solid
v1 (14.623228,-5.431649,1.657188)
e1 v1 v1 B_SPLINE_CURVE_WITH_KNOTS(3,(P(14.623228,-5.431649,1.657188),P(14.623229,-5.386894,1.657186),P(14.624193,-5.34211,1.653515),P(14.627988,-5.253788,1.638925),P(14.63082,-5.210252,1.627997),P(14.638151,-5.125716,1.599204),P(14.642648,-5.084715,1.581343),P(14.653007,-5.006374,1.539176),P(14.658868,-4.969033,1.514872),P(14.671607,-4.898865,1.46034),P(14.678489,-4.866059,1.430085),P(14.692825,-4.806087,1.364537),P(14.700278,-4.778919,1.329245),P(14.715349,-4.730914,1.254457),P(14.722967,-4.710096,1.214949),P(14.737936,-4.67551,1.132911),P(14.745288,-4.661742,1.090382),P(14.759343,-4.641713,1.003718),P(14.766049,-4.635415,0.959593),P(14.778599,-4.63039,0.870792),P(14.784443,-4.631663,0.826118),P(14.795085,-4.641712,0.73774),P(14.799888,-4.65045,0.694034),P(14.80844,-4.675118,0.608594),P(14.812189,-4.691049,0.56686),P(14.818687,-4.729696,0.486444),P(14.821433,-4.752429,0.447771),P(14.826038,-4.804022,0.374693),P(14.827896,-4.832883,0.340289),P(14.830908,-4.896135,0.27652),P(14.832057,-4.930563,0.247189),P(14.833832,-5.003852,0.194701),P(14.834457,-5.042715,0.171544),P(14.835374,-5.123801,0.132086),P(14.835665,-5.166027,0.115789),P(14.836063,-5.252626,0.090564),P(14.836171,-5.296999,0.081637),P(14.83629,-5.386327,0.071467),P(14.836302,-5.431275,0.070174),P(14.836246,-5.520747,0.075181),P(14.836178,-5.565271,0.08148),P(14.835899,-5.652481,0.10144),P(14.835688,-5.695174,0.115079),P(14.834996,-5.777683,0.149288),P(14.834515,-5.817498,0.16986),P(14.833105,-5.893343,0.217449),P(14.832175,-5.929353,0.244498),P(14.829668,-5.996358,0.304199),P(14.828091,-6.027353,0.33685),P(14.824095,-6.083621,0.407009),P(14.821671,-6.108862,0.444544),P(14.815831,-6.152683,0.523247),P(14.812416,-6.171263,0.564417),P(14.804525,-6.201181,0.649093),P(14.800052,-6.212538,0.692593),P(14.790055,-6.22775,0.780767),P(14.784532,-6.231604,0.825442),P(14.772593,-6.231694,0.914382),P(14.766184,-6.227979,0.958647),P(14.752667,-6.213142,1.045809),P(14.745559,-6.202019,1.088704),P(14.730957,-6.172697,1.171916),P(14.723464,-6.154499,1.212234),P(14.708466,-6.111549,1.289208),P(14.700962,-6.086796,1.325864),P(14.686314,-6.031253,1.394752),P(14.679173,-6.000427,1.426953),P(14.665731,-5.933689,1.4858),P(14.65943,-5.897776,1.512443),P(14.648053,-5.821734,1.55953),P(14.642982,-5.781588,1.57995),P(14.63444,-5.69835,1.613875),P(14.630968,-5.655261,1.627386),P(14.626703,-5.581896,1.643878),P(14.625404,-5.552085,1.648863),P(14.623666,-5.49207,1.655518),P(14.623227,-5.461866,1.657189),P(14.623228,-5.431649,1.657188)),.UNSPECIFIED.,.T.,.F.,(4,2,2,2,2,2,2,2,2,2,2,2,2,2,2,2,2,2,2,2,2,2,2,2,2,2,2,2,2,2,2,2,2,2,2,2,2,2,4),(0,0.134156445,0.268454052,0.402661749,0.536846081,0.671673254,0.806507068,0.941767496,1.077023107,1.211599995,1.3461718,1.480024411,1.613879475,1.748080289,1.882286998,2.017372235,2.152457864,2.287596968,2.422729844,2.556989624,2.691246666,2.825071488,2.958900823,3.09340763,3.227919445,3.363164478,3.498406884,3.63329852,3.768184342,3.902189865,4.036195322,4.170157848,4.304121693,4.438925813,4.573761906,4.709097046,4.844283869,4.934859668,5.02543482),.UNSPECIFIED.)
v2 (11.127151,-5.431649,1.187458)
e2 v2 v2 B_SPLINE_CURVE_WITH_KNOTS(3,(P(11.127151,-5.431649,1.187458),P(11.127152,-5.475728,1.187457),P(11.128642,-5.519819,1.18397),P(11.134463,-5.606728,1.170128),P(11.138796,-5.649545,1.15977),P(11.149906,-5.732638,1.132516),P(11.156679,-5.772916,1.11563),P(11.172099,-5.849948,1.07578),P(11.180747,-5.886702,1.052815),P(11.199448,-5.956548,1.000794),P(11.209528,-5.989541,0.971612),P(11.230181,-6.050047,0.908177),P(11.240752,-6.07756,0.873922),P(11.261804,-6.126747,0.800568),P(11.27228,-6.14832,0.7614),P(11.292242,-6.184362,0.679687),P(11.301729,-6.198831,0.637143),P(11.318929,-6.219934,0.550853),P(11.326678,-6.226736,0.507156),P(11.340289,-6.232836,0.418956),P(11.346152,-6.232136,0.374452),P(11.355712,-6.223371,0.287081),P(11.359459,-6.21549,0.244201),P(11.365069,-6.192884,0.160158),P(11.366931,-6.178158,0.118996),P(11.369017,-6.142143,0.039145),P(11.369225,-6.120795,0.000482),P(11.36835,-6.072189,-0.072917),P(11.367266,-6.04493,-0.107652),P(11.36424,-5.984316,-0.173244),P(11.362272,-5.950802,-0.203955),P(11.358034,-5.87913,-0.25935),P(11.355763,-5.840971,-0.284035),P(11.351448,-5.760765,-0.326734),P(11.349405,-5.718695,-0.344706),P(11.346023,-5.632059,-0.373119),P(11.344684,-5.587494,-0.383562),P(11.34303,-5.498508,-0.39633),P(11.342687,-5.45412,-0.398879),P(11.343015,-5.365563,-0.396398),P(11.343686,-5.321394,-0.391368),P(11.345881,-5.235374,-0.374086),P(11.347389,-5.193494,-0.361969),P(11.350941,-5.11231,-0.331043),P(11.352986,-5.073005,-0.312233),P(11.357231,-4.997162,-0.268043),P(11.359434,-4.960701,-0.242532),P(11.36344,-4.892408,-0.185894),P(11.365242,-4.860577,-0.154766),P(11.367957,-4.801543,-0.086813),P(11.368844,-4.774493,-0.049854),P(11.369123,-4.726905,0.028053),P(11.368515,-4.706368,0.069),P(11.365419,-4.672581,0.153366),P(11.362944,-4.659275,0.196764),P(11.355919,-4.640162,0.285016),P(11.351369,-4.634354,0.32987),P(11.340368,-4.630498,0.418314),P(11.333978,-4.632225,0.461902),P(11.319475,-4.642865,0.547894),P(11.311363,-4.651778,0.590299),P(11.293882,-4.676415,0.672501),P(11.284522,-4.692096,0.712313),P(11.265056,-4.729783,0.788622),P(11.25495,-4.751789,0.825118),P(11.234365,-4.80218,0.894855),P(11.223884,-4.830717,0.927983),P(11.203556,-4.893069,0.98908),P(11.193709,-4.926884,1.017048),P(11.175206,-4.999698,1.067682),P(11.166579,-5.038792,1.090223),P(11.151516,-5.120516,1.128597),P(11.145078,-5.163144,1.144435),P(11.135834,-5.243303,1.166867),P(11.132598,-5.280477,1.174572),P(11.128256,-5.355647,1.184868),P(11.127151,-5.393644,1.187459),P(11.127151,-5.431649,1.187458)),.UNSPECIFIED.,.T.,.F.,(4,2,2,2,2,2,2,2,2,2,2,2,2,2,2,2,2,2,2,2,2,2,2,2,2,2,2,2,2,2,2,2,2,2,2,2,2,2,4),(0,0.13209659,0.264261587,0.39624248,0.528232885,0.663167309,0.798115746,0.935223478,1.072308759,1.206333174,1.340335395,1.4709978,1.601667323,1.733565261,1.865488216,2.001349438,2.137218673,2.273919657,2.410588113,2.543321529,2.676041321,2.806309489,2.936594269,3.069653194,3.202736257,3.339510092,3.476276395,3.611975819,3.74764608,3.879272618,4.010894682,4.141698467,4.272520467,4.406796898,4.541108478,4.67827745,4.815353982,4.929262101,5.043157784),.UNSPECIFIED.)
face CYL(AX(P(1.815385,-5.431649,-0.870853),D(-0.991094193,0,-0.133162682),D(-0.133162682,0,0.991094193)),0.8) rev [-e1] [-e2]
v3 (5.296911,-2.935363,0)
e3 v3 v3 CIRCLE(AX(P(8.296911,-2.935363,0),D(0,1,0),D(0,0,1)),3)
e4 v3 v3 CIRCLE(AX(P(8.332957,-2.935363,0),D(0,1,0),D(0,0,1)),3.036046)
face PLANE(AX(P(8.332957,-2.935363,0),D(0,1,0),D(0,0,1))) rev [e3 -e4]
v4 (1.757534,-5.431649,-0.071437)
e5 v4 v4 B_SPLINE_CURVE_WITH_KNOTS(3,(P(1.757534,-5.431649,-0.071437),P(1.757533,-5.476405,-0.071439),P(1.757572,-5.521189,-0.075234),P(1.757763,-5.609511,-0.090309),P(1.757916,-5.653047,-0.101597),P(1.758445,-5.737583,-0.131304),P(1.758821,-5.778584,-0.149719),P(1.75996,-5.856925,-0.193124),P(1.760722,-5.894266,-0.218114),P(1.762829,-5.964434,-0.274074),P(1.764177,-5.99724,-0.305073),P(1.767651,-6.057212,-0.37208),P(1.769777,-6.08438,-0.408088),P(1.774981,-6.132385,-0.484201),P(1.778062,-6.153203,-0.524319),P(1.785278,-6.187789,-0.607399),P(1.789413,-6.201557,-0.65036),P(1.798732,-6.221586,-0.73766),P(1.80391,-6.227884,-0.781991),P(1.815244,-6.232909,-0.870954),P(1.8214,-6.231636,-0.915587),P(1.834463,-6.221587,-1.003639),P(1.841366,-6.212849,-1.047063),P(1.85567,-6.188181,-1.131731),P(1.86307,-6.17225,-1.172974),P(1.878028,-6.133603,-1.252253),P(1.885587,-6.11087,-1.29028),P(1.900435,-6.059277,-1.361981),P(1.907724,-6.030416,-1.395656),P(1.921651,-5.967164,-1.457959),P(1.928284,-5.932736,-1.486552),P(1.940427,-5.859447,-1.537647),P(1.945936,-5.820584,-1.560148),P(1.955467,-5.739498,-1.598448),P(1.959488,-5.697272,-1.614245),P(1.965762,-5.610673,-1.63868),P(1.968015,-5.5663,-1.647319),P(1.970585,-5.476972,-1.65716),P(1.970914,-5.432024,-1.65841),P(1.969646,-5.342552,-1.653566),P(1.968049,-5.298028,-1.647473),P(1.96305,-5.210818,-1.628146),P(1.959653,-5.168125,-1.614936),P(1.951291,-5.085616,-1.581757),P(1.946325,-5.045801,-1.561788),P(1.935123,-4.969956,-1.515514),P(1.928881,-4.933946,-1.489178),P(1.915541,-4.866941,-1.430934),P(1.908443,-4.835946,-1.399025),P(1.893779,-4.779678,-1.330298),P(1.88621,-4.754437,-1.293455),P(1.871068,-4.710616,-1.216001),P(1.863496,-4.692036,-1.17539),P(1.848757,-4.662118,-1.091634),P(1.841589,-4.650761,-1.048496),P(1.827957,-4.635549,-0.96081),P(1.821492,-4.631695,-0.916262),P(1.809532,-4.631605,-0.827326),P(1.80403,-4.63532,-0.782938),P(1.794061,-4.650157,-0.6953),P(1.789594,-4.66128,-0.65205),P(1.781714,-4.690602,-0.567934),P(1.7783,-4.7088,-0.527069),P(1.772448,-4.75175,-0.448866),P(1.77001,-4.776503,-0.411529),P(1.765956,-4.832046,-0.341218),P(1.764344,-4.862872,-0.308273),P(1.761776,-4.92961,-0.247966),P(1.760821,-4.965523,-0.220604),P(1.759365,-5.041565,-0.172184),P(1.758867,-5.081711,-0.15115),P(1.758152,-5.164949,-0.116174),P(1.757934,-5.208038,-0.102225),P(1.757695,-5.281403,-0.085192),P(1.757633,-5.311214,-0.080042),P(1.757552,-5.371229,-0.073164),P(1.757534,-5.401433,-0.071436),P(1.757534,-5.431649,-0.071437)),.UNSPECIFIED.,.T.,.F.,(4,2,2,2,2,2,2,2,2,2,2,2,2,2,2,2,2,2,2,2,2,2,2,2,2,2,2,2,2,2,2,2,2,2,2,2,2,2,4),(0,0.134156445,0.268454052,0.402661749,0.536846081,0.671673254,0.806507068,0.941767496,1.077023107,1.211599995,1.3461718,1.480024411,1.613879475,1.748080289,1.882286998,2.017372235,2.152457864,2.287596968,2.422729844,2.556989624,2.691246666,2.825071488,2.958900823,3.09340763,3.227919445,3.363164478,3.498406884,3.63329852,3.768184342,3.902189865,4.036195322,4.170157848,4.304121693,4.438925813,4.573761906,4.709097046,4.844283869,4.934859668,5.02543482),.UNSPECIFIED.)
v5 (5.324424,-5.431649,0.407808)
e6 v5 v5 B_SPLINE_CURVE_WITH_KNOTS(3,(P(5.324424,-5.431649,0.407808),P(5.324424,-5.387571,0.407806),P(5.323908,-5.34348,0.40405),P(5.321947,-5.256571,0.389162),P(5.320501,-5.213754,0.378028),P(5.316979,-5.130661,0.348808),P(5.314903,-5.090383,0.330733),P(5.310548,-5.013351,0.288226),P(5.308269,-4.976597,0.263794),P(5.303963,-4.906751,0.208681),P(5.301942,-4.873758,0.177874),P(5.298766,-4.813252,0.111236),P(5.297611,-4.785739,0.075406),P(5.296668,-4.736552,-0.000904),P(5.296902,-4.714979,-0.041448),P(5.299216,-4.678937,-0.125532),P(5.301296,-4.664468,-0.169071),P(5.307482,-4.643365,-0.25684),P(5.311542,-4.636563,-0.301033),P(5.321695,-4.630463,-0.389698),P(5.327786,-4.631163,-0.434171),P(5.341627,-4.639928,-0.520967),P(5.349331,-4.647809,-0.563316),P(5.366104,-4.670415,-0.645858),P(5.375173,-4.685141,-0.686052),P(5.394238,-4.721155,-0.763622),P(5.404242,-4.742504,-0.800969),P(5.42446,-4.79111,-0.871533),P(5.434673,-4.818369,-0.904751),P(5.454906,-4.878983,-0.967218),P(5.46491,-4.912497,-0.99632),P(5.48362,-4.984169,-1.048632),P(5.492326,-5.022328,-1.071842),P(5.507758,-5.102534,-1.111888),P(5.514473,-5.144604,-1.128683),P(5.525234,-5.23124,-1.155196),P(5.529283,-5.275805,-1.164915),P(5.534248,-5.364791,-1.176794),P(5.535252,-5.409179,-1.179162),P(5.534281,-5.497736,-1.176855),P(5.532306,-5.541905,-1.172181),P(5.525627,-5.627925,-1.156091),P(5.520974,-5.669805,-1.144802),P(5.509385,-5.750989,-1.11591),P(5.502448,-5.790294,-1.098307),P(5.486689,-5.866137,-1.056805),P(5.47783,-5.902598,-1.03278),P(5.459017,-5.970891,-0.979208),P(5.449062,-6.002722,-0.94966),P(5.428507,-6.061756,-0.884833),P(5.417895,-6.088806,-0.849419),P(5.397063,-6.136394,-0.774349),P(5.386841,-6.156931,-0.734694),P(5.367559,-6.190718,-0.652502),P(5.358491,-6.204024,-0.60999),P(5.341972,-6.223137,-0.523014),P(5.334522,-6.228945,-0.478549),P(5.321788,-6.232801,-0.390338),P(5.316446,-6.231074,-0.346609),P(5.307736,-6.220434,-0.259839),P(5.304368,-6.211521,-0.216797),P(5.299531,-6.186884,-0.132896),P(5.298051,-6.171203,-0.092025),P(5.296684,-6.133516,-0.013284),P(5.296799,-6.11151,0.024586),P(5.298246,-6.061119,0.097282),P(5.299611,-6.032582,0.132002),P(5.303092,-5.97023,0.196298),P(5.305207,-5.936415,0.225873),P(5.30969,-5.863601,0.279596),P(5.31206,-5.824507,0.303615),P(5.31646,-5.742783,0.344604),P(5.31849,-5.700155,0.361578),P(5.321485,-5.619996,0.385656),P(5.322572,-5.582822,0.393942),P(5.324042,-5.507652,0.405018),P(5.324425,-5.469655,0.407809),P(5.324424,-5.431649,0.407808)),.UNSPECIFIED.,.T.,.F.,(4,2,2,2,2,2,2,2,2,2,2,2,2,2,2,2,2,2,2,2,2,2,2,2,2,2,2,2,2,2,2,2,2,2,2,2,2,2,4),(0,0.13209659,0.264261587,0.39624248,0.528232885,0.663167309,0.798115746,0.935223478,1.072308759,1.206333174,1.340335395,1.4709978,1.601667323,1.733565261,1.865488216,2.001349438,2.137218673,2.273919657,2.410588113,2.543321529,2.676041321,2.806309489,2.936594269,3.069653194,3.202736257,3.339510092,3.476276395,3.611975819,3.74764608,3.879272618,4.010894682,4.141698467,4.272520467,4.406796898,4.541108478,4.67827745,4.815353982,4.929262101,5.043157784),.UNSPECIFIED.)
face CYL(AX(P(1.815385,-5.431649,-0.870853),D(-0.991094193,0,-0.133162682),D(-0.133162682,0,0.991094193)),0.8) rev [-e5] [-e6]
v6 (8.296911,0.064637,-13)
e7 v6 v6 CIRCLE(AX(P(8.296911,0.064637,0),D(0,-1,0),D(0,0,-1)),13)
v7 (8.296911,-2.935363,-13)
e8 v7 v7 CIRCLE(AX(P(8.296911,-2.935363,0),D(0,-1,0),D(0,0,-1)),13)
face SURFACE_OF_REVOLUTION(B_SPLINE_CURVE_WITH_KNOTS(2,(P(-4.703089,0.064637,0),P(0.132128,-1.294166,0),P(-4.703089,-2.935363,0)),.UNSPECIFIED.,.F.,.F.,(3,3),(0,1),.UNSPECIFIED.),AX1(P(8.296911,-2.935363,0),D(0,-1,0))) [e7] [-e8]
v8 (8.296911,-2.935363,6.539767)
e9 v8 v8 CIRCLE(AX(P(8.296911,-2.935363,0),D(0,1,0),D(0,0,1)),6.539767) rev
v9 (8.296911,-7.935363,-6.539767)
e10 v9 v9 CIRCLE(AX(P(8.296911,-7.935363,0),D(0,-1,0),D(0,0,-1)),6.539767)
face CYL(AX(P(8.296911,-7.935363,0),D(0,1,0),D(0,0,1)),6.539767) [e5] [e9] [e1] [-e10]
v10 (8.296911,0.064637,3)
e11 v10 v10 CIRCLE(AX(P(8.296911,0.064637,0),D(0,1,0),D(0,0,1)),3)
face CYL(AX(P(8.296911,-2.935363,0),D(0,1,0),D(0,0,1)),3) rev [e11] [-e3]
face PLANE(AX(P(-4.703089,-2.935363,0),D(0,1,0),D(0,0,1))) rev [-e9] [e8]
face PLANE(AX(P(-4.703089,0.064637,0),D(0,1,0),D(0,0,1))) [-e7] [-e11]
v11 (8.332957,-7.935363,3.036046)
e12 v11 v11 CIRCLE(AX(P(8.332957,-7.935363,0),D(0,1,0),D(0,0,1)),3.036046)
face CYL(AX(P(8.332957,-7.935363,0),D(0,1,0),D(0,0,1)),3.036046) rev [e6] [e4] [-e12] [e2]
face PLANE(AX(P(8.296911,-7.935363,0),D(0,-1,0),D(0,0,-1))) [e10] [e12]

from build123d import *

# Parameters (mm, degrees)
SKETCH117_R           = 3
CUT_EXTRUDE4_DEPTH    = 3
SKETCH122_R           = 6.539767279
BOSS_EXTRUDE1_DEPTH   = 5
SKETCH123_R           = 3.0360463
CUT_EXTRUDE5_DEPTH    = 5
M2X0_4_TAPPED_HOLE1_D = 1.6


with BuildPart() as part:
    # Sketch9 → Revolve1 (revolve)
    with BuildSketch(Plane.XY):
        with BuildLine():
            Line((-4.703089141, -2.935363462), (8.296910859, -2.935363462))
            Line((8.296910859, -2.935363462), (8.296910859, 0.064636538))
            Line((8.296910859, 0.064636538), (-4.703089141, 0.064636538))
            add(Edge.make_bspline(
                [(-4.703089141, 0.064636538), (0.132127885, -1.294166307), (-4.703089141, -2.935363462)],
                knots=[0, 0, 0, 1, 1, 1], degree=2))
        make_face()
    revolve(axis=Axis((8.296910859, -2.935363462, 0), (0, 1, 0)))

    # Sketch117 → Cut-Extrude4 (cut)
    with BuildSketch(Plane(origin=(0, 0.064636538, 0), x_dir=(1, 0, 0), z_dir=(0, 1, 0))):
        with Locations((8.29691086, 0)):
            Circle(SKETCH117_R)
    extrude(amount=-CUT_EXTRUDE4_DEPTH, mode=Mode.SUBTRACT)

    # Sketch122 → Boss-Extrude1 (add)
    with BuildSketch(Plane(origin=(0, -2.935363462, 0), x_dir=(-1, 0, 0), z_dir=(0, -1, 0))):
        with Locations((-8.29691086, 0)):
            Circle(SKETCH122_R)
    extrude(amount=BOSS_EXTRUDE1_DEPTH)

    # Sketch123 → Cut-Extrude5 (cut)
    with BuildSketch(Plane(origin=(0, -2.935363462, 0), x_dir=(1, 0, 0), z_dir=(0, 1, 0))):
        with Locations((8.33295716, 0)):
            Circle(SKETCH123_R)
    extrude(amount=-CUT_EXTRUDE5_DEPTH, mode=Mode.SUBTRACT)

    # M2x0.4 Tapped Hole1 (through all)
    with Locations(Plane(origin=(1.815385484, -5.431649491, -0.870852953), x_dir=(0.133162682, 0, -0.991094193), z_dir=(-0.991094193, 0, -0.133162682))):
        with Locations((0, 0)):
            Hole(M2X0_4_TAPPED_HOLE1_D / 2)


solid = part.part
